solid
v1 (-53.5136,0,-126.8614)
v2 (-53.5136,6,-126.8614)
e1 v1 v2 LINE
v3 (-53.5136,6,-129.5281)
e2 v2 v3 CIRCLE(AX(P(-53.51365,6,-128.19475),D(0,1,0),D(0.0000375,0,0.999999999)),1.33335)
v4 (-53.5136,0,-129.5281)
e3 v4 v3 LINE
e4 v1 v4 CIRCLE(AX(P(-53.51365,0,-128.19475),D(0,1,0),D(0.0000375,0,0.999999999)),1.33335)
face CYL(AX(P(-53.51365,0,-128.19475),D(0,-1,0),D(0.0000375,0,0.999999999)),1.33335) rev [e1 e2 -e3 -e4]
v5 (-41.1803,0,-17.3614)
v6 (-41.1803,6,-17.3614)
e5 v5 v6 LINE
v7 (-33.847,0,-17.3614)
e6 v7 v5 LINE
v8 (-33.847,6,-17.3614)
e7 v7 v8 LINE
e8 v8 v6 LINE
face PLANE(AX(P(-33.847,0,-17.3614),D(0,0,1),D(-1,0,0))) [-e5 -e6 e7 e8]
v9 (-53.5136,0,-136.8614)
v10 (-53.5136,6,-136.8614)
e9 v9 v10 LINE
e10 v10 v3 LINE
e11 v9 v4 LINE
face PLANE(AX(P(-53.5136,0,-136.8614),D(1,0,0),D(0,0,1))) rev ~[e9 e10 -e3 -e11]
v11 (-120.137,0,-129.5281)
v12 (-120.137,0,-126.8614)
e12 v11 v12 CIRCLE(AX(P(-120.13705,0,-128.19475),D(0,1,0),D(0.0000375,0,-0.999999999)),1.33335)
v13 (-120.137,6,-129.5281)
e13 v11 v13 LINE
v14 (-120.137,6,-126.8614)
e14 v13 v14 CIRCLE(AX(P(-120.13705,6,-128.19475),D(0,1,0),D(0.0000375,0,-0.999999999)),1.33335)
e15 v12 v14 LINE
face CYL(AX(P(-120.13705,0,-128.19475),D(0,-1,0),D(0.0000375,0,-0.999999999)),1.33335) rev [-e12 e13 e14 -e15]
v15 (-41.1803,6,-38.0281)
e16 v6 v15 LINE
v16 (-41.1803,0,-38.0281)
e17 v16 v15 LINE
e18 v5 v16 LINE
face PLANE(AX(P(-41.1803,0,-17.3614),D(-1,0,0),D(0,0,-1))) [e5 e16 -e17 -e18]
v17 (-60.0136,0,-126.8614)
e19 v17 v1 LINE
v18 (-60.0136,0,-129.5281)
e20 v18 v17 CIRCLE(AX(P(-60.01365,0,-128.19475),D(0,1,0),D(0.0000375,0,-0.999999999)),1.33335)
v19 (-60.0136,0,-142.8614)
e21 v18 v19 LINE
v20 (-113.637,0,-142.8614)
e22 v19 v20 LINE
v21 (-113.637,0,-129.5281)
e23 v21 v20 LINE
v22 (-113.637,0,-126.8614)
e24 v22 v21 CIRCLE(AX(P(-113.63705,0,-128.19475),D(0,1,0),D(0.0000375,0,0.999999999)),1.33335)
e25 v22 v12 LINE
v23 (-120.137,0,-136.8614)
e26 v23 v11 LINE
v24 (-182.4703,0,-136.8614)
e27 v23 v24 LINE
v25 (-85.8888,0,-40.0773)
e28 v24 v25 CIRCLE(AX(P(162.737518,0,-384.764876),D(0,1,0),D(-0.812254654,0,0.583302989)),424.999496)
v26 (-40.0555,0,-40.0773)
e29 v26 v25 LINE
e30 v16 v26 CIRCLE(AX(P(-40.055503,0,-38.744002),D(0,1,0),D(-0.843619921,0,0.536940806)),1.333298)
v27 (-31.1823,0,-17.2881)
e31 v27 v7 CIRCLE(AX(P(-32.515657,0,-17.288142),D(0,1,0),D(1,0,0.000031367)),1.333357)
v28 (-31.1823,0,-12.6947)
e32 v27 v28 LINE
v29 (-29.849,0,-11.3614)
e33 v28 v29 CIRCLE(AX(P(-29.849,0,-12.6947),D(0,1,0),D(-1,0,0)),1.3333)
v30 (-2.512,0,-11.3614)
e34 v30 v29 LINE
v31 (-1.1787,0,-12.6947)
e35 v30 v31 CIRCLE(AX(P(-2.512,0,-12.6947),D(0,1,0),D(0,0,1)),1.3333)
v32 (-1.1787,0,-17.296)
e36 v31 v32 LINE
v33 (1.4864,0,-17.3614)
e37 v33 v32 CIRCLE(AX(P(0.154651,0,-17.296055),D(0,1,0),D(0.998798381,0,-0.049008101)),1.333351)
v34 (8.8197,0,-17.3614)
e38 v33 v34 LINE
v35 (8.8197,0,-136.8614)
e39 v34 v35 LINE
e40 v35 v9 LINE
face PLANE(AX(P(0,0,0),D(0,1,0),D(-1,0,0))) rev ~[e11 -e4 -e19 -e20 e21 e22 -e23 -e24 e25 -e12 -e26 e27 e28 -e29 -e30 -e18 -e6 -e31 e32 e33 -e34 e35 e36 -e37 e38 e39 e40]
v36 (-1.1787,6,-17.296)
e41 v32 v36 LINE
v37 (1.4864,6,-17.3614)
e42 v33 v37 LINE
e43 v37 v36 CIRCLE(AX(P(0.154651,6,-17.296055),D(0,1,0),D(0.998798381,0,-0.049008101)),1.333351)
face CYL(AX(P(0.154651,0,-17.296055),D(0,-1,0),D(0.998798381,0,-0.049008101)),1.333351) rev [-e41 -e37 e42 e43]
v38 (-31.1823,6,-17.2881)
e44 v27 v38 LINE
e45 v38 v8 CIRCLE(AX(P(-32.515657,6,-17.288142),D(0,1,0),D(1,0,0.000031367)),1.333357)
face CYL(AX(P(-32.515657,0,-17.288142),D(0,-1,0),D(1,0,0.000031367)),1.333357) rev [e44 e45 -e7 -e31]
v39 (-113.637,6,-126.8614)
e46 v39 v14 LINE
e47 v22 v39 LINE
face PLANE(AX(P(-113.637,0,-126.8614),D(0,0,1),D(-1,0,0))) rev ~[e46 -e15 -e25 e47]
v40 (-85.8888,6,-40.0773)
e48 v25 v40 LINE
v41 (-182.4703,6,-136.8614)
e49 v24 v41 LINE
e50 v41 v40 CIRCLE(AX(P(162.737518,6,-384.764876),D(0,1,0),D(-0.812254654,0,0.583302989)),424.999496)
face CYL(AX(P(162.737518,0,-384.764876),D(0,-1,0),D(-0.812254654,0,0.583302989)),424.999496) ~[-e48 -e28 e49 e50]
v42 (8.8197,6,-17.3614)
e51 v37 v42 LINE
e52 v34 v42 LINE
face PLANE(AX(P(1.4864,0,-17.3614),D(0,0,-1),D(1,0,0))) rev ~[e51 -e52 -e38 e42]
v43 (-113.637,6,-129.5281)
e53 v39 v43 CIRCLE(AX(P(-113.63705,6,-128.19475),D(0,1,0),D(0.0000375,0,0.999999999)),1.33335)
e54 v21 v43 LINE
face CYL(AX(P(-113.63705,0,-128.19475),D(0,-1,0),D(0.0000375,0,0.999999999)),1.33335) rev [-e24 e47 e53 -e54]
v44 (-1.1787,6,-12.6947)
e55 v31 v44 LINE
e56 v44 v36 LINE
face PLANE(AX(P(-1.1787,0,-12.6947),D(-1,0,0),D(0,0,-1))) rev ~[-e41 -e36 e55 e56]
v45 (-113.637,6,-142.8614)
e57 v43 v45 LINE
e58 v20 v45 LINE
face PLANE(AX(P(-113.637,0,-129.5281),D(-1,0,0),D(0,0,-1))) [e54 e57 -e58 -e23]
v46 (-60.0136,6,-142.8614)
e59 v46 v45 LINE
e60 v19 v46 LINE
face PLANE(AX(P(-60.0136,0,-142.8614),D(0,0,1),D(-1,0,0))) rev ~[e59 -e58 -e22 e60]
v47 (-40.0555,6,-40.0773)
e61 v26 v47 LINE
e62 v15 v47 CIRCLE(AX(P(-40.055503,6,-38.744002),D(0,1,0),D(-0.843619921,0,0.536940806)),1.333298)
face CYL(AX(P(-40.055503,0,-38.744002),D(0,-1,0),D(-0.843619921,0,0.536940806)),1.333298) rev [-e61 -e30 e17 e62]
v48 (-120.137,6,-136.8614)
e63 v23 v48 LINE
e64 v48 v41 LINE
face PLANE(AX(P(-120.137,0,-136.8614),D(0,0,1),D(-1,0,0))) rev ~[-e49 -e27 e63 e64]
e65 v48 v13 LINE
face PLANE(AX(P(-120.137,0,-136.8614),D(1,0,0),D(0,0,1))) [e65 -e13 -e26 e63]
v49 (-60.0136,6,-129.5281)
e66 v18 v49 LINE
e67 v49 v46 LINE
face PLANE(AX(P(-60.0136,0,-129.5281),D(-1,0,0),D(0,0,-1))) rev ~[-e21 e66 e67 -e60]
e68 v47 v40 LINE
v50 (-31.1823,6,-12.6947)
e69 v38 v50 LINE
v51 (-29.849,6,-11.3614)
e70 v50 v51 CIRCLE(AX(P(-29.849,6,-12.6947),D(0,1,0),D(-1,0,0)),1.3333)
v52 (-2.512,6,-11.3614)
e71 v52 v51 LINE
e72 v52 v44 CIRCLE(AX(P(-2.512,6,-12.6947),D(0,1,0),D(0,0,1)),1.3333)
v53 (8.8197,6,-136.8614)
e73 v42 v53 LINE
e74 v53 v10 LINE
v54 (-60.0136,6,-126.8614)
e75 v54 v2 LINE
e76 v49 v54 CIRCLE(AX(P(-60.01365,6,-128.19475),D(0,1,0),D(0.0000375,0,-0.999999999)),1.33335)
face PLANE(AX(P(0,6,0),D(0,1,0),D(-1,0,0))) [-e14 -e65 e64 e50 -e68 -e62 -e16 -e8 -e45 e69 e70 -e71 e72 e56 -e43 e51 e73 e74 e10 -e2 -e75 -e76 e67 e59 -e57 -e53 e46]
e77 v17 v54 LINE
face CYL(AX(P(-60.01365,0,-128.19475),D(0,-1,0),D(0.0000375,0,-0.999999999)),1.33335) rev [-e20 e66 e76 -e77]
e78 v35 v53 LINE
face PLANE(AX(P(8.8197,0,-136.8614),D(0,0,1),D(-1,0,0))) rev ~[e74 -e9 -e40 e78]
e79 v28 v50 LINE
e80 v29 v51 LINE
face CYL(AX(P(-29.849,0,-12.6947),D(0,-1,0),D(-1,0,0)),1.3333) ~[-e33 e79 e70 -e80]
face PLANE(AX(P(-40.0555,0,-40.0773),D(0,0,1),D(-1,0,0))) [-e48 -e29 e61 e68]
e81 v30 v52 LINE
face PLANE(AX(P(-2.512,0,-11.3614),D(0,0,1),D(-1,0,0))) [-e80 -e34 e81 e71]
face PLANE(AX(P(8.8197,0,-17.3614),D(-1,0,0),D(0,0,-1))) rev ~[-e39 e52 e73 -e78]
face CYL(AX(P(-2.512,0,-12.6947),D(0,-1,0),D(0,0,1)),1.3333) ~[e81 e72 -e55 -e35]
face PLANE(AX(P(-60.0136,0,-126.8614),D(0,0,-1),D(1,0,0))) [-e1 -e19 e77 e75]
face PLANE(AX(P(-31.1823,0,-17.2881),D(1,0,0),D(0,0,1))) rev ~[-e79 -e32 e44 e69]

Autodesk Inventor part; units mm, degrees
ref_plane "YZ Plane" through (0, 0, 0) normal (1, 0, 0) x (0, 1, 0)
ref_plane "XZ Plane" through (0, 0, 0) normal (0, 1, 0) x (-1, 0, 0)
ref_plane "XY Plane" through (0, 0, 0) normal (0, 0, 1) x (1, 0, 0)
sketch "Sketch1" plane through (0, 0, 0) normal (0, 1, 0) x (-1, 0, 0)
  arc A0 (-1.4864, -17.3614) -> (1.1787, -17.296) centre (-0.1546, -17.296) ccw
  arc A1 (31.1823, -17.2881) -> (33.847, -17.3614) centre (32.5157, -17.2881) ccw
  line L0 (33.847, -17.3614) -> (41.1803, -17.3614)
  line L1 (-1.4864, -17.3614) -> (-8.8197, -17.3614)
  line L2 (-8.8197, -17.3614) -> (-8.8197, -136.8614)
  line L3 (41.1803, -17.3614) -> (41.1803, -38.0281)
  arc A2 (41.1803, -38.0281) -> (40.0555, -40.0773) centre (40.0555, -38.7439) ccw
  line L4 (40.0555, -40.0773) -> (85.8888, -40.0773)
  line L5 (-8.8197, -136.8614) -> (53.5136, -136.8614)
  line L6 (53.5136, -136.8614) -> (53.5136, -129.5281)
  arc A3 (53.5136, -126.8614) -> (53.5136, -129.5281) centre (53.5136, -128.1947) ccw
  arc A4 (60.0136, -129.5281) -> (60.0136, -126.8614) centre (60.0136, -128.1947) ccw
  line L7 (60.0136, -129.5281) -> (60.0136, -142.8614)
  line L8 (60.0136, -126.8614) -> (53.5136, -126.8614)
  line L9 (120.137, -136.8614) -> (120.137, -129.5281)
  arc A5 (120.137, -129.5281) -> (120.137, -126.8614) centre (120.137, -128.1947) ccw
  arc A6 (113.637, -126.8614) -> (113.637, -129.5281) centre (113.637, -128.1947) ccw
  line L10 (113.637, -129.5281) -> (113.637, -142.8614)
  line L11 (113.637, -126.8614) -> (120.137, -126.8614)
  arc A7 (182.4703, -136.8614) -> (85.8888, -40.0773) centre (-162.7379, -384.7652) ccw
  line L12 (120.137, -136.8614) -> (182.4703, -136.8614)
  arc A8 (2.512, -11.3614) -> (1.1787, -12.6947) centre (2.512, -12.6947) ccw
  line L13 (1.1787, -12.6947) -> (1.1787, -17.296)
  arc A9 (31.1823, -12.6947) -> (29.849, -11.3614) centre (29.849, -12.6947) ccw
  line L14 (2.512, -11.3614) -> (29.849, -11.3614)
  line L15 (31.1823, -17.2881) -> (31.1823, -12.6947)
  line L16 (60.0136, -142.8614) -> (113.637, -142.8614)
  point P0 (0, 0)
  point P1 (28.8512, 3.0303)
  point P2 (-1.1488, 3.0309)
  dimension "d1" = 2.6667
  dimension "d2" = 30
  dimension "d4" = 2.6667
  dimension "d6" = 7.3333
  dimension "d7" = 7.3333
  dimension "d8" = 20.6667
  dimension "d9" = 2.6667
  dimension "d10" = 45.8333
  dimension "d11" = 119.5
  dimension "d12" = 62.3333
  dimension "d19" = 7.3333
  dimension "d53" = 2.6667
  dimension "d56" = 2.6667
  dimension "d58" = 6.5
  dimension "d59" = 13.3333
  dimension "d61" = 425
  dimension "d64" = 13.3333
  dimension "d67" = 7.3333
  dimension "d73" = 50
  dimension "d74" = 2.6667
  dimension "d75" = 6
  dimension "d76" = 191.29
  dimension "d77" = 6.5
  dimension "d78" = 6.5
  dimension "d79" = 6.5
  dimension "d80" = 1.3333
  dimension "d81" = 1.3333
  dimension "d82" = 90
  dimension "d83" = 2.6667
  dimension "d84" = 2.6667
  dimension "d85" = 2.6667
  dimension "d86" = 2.6667
  dimension "d87" = 53.6233
extrude "Extrusion1" add sketch "Sketch1" along normal blind 6
properties part number "Support A1" material "Wood (Maple)"
